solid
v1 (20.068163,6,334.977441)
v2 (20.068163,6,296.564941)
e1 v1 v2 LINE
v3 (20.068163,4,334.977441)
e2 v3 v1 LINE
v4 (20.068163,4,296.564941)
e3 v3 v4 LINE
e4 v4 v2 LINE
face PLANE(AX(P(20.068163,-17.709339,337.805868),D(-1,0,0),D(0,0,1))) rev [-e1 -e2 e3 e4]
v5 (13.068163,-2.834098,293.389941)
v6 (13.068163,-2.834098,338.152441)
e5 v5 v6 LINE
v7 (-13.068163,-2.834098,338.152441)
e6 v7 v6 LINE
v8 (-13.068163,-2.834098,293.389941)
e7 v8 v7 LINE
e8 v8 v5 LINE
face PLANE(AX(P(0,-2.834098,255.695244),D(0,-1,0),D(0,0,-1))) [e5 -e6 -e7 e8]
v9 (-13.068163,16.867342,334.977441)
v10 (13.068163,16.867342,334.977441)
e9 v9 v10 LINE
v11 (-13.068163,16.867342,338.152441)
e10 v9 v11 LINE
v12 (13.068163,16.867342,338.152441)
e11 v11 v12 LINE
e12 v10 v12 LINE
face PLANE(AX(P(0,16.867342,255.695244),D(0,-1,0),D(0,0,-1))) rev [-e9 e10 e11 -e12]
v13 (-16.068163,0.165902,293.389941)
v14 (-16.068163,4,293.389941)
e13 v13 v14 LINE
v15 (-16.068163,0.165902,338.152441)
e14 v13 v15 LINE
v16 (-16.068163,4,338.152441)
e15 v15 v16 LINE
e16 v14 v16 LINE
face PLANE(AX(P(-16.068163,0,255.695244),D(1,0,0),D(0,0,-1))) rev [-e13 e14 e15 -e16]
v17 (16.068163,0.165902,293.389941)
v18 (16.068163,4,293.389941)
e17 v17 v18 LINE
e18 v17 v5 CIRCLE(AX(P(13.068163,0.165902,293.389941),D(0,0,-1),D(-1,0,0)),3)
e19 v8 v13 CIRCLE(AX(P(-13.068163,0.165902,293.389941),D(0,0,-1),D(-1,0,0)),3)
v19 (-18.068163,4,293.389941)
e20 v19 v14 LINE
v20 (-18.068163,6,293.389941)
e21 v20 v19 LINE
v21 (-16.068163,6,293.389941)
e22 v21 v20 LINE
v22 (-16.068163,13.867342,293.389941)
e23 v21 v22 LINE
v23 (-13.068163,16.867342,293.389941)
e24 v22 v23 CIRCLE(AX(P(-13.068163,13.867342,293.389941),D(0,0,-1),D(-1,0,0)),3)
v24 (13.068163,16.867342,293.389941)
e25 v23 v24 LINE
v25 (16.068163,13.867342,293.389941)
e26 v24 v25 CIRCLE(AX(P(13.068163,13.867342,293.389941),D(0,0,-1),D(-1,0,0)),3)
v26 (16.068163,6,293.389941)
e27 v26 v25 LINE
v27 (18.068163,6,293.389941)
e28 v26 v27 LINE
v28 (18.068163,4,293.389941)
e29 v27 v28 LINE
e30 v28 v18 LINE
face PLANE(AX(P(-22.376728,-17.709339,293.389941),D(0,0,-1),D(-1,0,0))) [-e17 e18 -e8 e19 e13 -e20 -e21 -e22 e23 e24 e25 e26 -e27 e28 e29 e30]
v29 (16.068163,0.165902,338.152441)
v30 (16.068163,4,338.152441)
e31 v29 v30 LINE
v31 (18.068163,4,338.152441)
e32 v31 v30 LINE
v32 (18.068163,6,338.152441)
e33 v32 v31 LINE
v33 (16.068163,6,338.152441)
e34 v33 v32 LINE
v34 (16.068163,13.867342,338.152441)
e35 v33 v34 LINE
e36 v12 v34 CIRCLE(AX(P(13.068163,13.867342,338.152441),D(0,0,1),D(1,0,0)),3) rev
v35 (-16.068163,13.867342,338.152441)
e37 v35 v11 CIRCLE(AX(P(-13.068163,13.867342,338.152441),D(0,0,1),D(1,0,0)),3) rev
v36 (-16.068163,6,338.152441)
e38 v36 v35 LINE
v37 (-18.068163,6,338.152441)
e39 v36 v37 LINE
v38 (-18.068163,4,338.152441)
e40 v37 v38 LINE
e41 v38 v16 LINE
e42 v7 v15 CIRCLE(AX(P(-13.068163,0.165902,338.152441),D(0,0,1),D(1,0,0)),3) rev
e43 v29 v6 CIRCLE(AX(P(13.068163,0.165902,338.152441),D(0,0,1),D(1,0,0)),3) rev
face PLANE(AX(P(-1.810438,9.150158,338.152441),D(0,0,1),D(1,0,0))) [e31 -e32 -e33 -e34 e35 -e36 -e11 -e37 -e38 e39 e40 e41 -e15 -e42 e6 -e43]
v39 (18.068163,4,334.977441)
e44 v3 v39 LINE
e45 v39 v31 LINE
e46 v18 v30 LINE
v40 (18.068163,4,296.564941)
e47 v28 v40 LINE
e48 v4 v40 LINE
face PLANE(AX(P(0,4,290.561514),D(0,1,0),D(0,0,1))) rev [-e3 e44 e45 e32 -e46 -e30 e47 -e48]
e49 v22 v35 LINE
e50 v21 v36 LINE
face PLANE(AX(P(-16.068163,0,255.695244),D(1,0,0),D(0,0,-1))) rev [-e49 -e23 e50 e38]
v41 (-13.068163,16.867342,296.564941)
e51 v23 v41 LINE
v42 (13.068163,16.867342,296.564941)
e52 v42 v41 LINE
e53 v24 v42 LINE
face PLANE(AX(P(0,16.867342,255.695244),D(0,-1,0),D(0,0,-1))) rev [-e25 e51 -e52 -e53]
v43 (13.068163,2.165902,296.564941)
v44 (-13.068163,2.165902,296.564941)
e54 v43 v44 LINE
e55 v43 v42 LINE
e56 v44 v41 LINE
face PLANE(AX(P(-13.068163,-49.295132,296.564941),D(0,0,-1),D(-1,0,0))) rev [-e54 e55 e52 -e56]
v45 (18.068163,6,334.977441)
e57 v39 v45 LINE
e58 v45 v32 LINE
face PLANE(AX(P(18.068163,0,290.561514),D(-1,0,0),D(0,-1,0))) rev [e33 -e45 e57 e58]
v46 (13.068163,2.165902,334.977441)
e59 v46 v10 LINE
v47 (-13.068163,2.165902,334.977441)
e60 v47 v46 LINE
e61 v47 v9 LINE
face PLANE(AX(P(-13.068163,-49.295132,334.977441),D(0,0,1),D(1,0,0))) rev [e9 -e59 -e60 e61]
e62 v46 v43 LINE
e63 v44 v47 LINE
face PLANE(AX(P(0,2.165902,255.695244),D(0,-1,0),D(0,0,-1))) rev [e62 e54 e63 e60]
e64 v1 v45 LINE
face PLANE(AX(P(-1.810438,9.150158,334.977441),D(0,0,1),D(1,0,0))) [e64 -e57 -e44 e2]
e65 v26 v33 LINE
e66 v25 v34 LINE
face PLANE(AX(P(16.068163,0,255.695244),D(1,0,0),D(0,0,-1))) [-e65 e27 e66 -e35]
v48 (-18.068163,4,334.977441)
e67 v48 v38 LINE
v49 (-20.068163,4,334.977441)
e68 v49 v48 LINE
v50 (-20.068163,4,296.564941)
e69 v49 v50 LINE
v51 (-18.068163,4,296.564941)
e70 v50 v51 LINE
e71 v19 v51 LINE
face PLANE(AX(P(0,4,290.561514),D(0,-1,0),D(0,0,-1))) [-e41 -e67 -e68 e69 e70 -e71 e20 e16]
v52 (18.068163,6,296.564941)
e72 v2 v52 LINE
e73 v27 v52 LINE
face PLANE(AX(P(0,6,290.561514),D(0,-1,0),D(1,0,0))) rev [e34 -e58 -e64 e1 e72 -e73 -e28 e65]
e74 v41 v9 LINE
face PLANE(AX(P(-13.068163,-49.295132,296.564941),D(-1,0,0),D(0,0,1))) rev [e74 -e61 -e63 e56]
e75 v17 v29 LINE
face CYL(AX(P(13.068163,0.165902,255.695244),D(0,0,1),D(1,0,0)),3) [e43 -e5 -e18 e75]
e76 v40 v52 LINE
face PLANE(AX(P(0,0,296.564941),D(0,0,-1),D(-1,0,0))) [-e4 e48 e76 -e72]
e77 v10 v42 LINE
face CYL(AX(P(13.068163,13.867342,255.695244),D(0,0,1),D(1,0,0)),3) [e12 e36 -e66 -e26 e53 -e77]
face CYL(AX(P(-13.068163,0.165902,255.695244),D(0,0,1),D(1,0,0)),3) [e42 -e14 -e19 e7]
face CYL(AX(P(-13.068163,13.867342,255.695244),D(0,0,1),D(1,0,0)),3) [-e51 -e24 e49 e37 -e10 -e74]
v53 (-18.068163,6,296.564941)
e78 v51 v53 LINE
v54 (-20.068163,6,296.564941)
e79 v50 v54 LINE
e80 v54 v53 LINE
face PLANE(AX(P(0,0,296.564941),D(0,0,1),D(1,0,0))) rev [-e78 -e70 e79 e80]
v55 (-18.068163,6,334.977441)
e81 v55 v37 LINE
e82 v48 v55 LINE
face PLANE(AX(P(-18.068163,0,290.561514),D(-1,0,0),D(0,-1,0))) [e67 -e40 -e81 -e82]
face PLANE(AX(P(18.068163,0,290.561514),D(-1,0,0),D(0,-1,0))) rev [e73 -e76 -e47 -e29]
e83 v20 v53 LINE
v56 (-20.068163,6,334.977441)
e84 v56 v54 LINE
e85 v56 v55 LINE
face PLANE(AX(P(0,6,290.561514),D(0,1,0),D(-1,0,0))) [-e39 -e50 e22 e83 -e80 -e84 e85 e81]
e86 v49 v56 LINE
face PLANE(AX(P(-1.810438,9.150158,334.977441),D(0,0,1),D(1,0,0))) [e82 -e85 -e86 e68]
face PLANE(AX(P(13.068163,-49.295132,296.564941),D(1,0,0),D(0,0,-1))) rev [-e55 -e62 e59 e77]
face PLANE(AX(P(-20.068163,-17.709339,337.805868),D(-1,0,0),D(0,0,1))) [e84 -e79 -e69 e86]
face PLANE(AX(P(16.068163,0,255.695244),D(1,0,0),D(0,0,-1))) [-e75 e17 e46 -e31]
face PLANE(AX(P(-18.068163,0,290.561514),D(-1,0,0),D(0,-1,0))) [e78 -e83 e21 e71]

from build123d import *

# Parameters (mm, degrees)
BOSS_EXTRUDE3_DEPTH      = 1.5875
BOSS_EXTRUDE3_DEPTH_BACK = 43.175
SKETCH4_W                = 26.136325312
SKETCH4_H                = 38.4125
CUT_EXTRUDE1_DEPTH       = 14.701439982
SKETCH5_W                = 2
SKETCH5_H                = 2
BOSS_EXTRUDE5_DEPTH      = 44.7625
BOSS_EXTRUDE6_START      = -41.5875
SKETCH5_4_W              = 2
SKETCH5_4_H              = 2
BOSS_EXTRUDE6_DEPTH      = 38.4125


with BuildPart() as part:
    # Sketch3 → Boss-Extrude3 (new, two sides: drawn at the far end of the back side and taken through both)
    with BuildSketch(Plane.XY.offset(336.564940884).offset(-BOSS_EXTRUDE3_DEPTH_BACK)):
        with BuildLine():
            Line((-13.068162656, -2.834098381), (13.068162656, -2.834098381))
            ThreePointArc((13.068162656, -2.834098381), (15.189482999, -1.955418725), (16.068162656, 0.165901619))
            Line((16.068162656, 0.165901619), (16.068162656, 13.867341601))
            ThreePointArc((16.068162656, 13.867341601), (15.189482999, 15.988661944), (13.068162656, 16.867341601))
            Line((13.068162656, 16.867341601), (-13.068162656, 16.867341601))
            ThreePointArc((-13.068162656, 16.867341601), (-15.189482999, 15.988661944), (-16.068162656, 13.867341601))
            Line((-16.068162656, 13.867341601), (-16.068162656, 0.165901619))
            ThreePointArc((-16.068162656, 0.165901619), (-15.189482999, -1.955418725), (-13.068162656, -2.834098381))
        make_face()
    extrude(amount=BOSS_EXTRUDE3_DEPTH + BOSS_EXTRUDE3_DEPTH_BACK)

    # Sketch4 → Cut-Extrude1 (cut)
    with BuildSketch(Plane(origin=(0, 16.867341601, 0), x_dir=(1, 0, 0), z_dir=(0, 1, 0))):
        with Locations((0, -315.771190884)):
            Rectangle(SKETCH4_W, SKETCH4_H)
    extrude(amount=-CUT_EXTRUDE1_DEPTH, mode=Mode.SUBTRACT)

    # Sketch5 → Boss-Extrude5 (add)
    with BuildSketch(Plane.XY.offset(338.152440884)):
        with Locations((-17.068162656, 5)):
            Rectangle(SKETCH5_W, SKETCH5_H)
        with Locations((17.068162656, 5)):
            Rectangle(SKETCH5_W, SKETCH5_H)
    extrude(amount=-BOSS_EXTRUDE5_DEPTH)

    # Sketch5<4> → Boss-Extrude6 (add)
    with BuildSketch(Plane.XY.offset(338.152440884).offset(BOSS_EXTRUDE6_START)):
        with Locations((19.068162656, 5)):
            Rectangle(SKETCH5_4_W, SKETCH5_4_H)
        with Locations((-19.068162656, 5)):
            Rectangle(SKETCH5_4_W, SKETCH5_4_H)
    extrude(amount=BOSS_EXTRUDE6_DEPTH)


solid = part.part
